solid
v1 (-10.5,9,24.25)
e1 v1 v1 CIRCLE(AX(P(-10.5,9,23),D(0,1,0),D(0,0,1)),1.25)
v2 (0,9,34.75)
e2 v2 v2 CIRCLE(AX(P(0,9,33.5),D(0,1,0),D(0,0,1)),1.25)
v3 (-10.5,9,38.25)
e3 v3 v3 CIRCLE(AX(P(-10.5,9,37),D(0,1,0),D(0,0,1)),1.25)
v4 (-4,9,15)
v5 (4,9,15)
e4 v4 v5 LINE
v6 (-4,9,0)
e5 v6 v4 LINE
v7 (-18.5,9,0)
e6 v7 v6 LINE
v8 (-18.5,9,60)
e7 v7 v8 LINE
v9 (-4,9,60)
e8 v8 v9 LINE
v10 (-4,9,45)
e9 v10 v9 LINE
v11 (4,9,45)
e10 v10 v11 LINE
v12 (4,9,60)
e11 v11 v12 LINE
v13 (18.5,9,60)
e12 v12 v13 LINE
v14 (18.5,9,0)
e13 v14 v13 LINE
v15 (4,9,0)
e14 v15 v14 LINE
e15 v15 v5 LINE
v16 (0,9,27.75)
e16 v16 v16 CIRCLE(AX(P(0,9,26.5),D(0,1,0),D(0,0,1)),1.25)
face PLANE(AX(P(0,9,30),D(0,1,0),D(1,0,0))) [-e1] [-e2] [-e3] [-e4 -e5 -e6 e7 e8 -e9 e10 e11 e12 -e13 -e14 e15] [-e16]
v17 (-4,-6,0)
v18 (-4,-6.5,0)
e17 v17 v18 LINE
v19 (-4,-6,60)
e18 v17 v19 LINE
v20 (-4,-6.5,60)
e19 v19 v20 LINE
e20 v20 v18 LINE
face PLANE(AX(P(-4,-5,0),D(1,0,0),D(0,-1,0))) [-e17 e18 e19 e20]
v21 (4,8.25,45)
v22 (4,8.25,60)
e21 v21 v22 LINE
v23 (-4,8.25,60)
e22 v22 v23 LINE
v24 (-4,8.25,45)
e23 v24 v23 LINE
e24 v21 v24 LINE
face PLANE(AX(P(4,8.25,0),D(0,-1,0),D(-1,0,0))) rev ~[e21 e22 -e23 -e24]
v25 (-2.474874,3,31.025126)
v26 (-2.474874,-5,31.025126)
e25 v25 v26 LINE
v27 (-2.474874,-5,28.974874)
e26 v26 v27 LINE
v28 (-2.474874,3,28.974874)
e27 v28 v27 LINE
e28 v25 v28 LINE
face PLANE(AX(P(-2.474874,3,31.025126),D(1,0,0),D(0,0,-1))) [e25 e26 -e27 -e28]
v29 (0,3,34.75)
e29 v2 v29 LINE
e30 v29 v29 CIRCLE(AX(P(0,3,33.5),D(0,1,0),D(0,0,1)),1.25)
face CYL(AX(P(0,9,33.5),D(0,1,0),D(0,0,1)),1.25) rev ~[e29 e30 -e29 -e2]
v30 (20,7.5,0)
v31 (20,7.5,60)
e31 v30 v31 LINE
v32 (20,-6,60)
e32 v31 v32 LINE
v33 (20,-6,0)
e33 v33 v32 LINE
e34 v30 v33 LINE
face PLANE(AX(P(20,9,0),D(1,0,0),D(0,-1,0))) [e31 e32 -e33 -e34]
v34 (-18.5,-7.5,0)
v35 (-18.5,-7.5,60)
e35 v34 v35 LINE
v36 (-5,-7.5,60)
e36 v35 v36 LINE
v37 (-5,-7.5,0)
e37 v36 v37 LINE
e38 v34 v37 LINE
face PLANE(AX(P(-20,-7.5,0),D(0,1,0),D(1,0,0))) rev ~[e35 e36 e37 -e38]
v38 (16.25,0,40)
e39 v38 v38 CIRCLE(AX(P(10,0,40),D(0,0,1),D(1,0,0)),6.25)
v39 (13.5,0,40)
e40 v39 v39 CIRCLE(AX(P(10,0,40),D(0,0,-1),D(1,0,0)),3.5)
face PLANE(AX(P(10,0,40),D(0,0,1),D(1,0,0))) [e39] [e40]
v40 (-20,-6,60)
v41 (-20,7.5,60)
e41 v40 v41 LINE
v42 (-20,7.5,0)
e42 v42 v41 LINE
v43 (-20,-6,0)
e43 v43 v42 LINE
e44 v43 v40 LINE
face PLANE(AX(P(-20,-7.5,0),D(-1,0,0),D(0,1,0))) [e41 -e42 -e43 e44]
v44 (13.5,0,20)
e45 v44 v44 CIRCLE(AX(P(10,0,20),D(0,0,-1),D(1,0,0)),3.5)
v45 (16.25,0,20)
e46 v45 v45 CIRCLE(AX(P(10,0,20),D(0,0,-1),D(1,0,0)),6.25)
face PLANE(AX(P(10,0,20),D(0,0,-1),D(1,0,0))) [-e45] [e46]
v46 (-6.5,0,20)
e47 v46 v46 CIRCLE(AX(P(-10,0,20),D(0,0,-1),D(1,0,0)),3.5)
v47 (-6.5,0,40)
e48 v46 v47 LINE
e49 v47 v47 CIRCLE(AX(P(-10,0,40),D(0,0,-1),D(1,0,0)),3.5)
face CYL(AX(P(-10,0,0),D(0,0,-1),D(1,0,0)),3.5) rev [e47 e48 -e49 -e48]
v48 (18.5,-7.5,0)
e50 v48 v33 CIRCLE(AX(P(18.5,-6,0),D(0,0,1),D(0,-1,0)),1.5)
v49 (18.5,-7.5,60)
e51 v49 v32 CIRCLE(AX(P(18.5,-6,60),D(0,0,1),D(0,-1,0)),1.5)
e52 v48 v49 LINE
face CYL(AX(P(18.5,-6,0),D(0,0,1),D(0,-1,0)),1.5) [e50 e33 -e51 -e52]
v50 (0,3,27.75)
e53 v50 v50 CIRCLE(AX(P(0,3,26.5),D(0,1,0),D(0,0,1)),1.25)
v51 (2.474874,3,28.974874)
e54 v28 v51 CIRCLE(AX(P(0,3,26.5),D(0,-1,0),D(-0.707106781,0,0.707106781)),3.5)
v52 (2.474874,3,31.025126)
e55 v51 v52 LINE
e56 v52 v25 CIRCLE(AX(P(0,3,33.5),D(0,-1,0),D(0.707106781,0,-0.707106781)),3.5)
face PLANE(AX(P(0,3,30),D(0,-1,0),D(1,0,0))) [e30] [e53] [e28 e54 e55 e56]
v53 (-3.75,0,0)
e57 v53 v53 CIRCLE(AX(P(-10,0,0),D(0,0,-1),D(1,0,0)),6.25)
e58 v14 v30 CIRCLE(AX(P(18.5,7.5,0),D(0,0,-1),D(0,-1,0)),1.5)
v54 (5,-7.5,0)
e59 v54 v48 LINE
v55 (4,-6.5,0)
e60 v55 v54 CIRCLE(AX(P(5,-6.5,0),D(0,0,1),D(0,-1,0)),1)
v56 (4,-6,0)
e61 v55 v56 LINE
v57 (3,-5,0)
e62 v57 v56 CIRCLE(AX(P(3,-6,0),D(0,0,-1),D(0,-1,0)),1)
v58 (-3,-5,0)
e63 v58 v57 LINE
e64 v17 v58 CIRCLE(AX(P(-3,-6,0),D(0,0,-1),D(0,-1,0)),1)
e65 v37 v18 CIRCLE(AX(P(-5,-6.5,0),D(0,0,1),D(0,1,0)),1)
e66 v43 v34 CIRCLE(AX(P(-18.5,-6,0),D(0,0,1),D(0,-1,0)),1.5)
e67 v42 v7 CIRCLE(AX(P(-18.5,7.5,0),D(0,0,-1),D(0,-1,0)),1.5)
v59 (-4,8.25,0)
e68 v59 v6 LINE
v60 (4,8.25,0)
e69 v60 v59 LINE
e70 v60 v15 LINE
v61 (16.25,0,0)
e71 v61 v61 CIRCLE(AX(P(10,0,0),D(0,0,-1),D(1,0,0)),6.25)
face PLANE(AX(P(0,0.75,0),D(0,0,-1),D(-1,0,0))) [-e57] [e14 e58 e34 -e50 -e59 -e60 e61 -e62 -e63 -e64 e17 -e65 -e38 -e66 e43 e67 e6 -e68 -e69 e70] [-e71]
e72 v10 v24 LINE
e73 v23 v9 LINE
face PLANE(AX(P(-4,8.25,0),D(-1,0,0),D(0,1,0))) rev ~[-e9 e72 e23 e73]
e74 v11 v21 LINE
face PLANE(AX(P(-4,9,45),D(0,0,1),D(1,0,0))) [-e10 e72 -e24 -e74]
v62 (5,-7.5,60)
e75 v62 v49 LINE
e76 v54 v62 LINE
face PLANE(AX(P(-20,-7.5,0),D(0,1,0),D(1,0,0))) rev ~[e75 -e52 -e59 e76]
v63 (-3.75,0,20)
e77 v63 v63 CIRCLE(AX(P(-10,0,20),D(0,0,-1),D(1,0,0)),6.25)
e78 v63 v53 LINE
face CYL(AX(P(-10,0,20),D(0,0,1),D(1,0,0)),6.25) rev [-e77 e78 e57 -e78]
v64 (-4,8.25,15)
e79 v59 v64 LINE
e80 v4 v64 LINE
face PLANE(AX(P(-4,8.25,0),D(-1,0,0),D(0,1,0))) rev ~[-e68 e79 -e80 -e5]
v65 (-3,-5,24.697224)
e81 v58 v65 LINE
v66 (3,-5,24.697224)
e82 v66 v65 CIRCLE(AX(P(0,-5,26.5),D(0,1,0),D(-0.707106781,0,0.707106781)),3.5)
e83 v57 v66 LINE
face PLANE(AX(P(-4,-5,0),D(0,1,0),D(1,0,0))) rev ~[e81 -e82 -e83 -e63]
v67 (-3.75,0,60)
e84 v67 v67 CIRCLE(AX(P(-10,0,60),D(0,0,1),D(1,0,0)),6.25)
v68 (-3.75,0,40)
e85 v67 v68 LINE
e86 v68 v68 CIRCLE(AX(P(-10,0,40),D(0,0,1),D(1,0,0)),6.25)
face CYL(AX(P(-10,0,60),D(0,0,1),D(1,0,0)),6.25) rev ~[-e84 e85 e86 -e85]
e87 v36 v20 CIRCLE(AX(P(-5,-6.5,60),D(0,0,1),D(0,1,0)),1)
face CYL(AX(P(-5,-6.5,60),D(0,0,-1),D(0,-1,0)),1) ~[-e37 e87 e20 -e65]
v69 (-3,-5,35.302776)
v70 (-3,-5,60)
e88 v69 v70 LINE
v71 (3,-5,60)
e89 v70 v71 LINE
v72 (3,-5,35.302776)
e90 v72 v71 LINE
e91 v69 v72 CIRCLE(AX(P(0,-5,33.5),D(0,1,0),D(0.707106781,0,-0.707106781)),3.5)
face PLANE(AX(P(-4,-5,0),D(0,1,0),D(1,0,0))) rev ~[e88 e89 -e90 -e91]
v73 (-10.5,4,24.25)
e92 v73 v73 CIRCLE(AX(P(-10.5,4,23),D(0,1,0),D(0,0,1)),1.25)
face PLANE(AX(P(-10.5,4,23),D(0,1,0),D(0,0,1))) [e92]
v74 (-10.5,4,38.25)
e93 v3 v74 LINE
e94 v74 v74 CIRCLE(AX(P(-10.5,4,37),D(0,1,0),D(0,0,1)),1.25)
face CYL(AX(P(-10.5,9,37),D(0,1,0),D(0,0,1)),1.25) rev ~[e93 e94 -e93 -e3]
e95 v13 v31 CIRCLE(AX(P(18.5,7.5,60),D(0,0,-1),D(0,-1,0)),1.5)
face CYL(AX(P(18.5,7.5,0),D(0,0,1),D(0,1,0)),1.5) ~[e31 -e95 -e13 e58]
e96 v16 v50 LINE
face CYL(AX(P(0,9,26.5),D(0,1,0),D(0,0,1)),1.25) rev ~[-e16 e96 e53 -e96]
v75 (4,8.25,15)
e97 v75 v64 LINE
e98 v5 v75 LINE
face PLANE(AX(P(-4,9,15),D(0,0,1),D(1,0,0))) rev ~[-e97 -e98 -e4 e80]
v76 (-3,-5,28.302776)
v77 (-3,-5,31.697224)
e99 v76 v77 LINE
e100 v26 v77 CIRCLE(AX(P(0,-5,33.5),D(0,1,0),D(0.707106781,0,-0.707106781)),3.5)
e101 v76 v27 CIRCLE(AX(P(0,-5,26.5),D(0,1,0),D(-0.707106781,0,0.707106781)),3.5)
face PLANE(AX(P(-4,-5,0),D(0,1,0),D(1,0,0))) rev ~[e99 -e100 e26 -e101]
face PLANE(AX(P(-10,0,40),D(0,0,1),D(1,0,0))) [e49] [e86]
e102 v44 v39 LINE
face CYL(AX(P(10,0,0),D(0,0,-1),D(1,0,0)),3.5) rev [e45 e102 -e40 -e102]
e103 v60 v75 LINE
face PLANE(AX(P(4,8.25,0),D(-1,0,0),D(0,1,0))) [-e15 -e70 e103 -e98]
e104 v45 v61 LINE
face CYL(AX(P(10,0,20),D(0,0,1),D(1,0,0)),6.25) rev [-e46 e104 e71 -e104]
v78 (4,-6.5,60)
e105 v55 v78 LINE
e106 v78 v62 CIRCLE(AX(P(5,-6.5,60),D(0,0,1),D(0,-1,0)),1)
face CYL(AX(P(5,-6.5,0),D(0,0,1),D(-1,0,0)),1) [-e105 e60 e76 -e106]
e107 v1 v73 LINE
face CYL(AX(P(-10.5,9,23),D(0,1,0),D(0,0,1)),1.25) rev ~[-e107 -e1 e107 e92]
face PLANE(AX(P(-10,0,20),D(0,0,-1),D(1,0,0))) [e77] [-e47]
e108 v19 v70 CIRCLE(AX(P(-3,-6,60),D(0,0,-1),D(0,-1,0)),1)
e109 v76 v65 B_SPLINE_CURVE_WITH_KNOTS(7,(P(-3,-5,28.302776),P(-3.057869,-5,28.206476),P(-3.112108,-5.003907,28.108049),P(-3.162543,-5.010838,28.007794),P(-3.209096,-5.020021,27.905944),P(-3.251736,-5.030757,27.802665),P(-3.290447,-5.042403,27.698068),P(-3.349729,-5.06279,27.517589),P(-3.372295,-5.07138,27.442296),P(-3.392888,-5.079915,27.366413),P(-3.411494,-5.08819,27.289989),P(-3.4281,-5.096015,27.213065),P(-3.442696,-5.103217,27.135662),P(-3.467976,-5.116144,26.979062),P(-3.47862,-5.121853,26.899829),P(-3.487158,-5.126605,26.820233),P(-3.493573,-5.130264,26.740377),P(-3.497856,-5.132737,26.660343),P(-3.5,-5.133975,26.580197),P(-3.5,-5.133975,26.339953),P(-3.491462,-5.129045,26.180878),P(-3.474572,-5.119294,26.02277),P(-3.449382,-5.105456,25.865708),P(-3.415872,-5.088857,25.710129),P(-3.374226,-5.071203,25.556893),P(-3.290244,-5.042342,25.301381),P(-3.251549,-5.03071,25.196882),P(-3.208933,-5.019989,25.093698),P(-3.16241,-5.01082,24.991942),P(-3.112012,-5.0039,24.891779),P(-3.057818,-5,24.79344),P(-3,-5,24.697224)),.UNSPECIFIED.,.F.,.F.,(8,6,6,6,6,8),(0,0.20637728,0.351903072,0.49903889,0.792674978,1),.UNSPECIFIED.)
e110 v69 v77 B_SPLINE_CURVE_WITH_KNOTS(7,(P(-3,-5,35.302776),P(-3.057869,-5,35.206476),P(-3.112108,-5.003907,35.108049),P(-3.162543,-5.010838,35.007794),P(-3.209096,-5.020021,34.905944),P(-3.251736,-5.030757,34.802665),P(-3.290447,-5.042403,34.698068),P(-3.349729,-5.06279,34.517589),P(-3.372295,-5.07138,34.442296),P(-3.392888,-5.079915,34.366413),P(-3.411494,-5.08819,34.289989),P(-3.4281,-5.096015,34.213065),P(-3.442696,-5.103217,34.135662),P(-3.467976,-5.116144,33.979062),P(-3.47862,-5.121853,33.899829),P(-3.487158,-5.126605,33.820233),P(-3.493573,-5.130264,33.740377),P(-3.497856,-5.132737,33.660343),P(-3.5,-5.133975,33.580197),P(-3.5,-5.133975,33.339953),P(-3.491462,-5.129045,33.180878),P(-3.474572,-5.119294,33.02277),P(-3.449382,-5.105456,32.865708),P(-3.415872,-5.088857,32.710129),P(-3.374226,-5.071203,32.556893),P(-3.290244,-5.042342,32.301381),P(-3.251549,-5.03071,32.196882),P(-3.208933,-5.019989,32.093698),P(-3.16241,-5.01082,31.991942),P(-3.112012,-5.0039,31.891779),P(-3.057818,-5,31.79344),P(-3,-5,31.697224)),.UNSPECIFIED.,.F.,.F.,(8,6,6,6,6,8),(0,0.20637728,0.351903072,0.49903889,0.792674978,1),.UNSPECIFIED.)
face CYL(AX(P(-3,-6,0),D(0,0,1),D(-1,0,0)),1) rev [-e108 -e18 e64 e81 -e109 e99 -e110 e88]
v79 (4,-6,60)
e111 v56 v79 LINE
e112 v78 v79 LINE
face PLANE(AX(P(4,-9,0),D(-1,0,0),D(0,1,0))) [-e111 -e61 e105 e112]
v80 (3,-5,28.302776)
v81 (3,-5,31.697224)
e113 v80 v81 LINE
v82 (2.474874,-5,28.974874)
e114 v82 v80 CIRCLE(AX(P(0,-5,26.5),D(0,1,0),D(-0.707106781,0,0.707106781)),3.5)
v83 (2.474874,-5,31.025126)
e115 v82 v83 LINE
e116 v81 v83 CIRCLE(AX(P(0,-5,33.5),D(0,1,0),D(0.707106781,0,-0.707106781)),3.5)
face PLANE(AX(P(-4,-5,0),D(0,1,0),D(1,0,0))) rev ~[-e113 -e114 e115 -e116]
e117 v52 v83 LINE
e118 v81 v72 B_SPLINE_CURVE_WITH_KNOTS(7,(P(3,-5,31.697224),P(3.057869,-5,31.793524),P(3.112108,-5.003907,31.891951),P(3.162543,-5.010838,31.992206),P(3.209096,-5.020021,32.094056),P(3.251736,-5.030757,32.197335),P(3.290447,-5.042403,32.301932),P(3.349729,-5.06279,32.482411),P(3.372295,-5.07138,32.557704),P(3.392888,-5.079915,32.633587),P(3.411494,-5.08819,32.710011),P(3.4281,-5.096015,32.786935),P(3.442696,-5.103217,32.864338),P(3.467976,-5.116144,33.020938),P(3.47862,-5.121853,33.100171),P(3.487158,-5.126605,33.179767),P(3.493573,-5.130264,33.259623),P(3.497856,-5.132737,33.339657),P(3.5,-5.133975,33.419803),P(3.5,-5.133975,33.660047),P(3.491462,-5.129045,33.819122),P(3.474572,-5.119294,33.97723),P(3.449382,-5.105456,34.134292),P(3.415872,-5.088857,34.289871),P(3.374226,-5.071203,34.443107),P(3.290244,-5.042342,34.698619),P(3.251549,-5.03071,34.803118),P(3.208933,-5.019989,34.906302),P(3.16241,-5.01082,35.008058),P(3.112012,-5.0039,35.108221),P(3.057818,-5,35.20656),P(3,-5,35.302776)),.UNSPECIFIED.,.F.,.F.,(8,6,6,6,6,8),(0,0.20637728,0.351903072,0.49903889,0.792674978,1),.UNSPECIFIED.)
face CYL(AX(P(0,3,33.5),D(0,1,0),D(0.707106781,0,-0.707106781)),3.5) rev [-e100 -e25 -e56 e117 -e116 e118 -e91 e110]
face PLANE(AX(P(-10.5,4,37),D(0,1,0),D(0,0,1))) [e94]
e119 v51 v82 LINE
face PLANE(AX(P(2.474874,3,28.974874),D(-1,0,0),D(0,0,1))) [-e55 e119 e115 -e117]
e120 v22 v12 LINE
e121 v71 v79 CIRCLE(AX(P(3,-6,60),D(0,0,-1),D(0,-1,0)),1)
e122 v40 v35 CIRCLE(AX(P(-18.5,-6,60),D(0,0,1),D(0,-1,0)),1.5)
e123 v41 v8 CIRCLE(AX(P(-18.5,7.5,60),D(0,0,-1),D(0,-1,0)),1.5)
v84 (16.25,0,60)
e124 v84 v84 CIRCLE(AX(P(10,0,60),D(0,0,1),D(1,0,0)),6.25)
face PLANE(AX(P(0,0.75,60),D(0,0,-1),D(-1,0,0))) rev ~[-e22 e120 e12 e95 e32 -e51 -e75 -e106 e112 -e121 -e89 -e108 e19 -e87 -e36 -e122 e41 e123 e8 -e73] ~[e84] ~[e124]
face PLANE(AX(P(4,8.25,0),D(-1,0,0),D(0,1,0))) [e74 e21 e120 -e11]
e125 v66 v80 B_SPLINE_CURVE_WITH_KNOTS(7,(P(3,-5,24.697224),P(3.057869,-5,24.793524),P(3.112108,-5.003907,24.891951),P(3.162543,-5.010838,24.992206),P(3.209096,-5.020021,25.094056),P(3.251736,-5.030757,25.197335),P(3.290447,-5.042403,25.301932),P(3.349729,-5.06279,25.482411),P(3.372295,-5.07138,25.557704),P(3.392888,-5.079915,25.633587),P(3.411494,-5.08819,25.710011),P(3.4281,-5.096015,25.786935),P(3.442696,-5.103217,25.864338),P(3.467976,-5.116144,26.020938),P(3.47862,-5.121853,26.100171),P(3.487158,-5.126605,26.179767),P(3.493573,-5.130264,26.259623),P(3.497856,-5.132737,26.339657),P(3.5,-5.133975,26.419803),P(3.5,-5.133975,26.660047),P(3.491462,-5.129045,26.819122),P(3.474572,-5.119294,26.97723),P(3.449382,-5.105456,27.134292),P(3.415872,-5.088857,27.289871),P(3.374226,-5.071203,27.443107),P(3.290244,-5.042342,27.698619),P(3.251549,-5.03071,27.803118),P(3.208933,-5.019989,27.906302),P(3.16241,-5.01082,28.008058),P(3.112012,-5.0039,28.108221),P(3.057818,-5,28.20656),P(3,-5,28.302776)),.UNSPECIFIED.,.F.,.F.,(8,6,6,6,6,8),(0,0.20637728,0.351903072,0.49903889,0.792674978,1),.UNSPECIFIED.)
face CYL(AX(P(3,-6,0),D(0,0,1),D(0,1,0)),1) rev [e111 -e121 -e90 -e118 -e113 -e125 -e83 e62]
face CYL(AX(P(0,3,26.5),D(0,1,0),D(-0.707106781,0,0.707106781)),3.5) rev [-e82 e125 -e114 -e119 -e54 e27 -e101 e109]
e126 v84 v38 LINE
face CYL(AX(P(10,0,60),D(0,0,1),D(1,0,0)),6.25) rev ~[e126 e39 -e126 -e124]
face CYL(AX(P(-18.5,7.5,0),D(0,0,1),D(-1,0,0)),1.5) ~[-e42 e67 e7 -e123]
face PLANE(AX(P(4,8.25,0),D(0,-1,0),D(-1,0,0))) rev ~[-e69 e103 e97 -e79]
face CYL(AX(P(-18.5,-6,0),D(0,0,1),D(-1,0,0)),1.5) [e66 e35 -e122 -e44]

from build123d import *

# Parameters (mm, degrees)
SKETCH_1_R               = 3.5
EXTRUDE_1_DEPTH          = 60
FILLET_1_R               = 1.5
SKETCH_2_R               = 6.25
CUT_EXTRUDE_1_DEPTH      = 20
CUT_EXTRUDE_START        = -20
SKETCH_3_R               = 6.25
CUT_EXTRUDE_2_DEPTH      = 20
SKETCH_5_W               = 8
SKETCH_5_H               = 0.75
CUT_EXTRUDE_4_DEPTH      = 62
FILLET_2_R               = 1
SKETCH_7_W               = 8
SKETCH_7_H               = 30
EXTRUDE_2_DEPTH          = 2
SKETCH_6_R               = 1.25
CUT_EXTRUDE_5_DEPTH      = 62
SKETCH_8_R               = 1.25
CUT_EXTRUDE_6_DEPTH      = 5
CUT_EXTRUDE_9_DEPTH      = 5
CUT_EXTRUDE_9_DEPTH_BACK = 8


with BuildPart() as part:
    # 草图1 → 凸台-拉伸1 (new body)
    with BuildSketch(Plane.XY):
        Polygon((-20, -7.5), (-20, 9), (20, 9), (20, -7.5), (0, -7.5), align=None)
        with Locations((-10, 0)):
            Circle(SKETCH_1_R, mode=Mode.SUBTRACT)
        with Locations((10, 0)):
            Circle(SKETCH_1_R, mode=Mode.SUBTRACT)
    extrude(amount=EXTRUDE_1_DEPTH)

    # 圆角1
    fillet_1_edges = [part.edges().sort_by_distance(p)[0] for p in [
        (-20, -7.5, 30),
        (-20, 9, 30),
        (20, 9, 30),
        (20, -7.5, 30),
    ]]
    fillet(fillet_1_edges, radius=FILLET_1_R)

    # 草图2 → 切除-拉伸1 (cut)
    with BuildSketch(Plane.XY.offset(60)):
        with Locations((10, 0)):
            Circle(SKETCH_2_R)
        with Locations((-10, 0)):
            Circle(SKETCH_2_R)
    extrude(amount=-CUT_EXTRUDE_1_DEPTH, mode=Mode.SUBTRACT)

    # 草图3 → 切除-拉伸2 (cut)
    with BuildSketch(Plane(origin=(0, 0, 0), x_dir=(-1, 0, 0), z_dir=(0, 0, -1)).offset(CUT_EXTRUDE_START)):
        with Locations(Location((-10, 0, 0), (0, 0, 180))):
            Circle(SKETCH_3_R)
        with Locations(Location((10, 0, 0), (0, 0, 180))):
            Circle(SKETCH_3_R)
    extrude(amount=CUT_EXTRUDE_2_DEPTH, mode=Mode.SUBTRACT)

    # 草图5 → 切除-拉伸4 (cut)
    with BuildSketch(Plane(origin=(0, 0, 0), x_dir=(-1, 0, 0), z_dir=(0, 0, -1))):
        Polygon((0, -5), (4, -5), (4, -9), (-4, -9), (-4, -5), align=None)
        with Locations((0, 8.625)):
            Rectangle(SKETCH_5_W, SKETCH_5_H)
    extrude(amount=-CUT_EXTRUDE_4_DEPTH, mode=Mode.SUBTRACT)

    # 圆角2
    fillet_2_edges = [part.edges().sort_by_distance(p)[0] for p in [
        (4, -7.5, 30),
        (-4, -7.5, 30),
        (4, -5, 30),
        (-4, -5, 30),
    ]]
    fillet(fillet_2_edges, radius=FILLET_2_R)

    # 草图7 → 凸台-拉伸2 (add)
    with BuildSketch(Plane(origin=(0, 9, 0), x_dir=(1, 0, 0), z_dir=(0, 1, 0))):
        with Locations((0, -30)):
            Rectangle(SKETCH_7_W, SKETCH_7_H)
    extrude(amount=-EXTRUDE_2_DEPTH)

    # 草图6 → 切除-拉伸5 (cut)
    with BuildSketch(Plane(origin=(0, 9, 0), x_dir=(1, 0, 0), z_dir=(0, 1, 0))):
        with Locations(Location((0, -26.5, 0), (0, 0, 270))):
            Circle(SKETCH_6_R)
        with Locations(Location((0, -33.5, 0), (0, 0, 270))):
            Circle(SKETCH_6_R)
    extrude(amount=-CUT_EXTRUDE_5_DEPTH, mode=Mode.SUBTRACT)

    # 草图8 → 切除-拉伸6 (cut)
    with BuildSketch(Plane(origin=(0, 9, 0), x_dir=(1, 0, 0), z_dir=(0, 1, 0))):
        with Locations(Location((-10.5, -23, 0), (0, 0, 270))):
            Circle(SKETCH_8_R)
        with Locations(Location((-10.5, -37, 0), (0, 0, 270))):
            Circle(SKETCH_8_R)
    extrude(amount=-CUT_EXTRUDE_6_DEPTH, mode=Mode.SUBTRACT)

    # 草图9 → 切除-拉伸9 (cut, two sides: drawn at the far end of the back side and taken through both)
    with BuildSketch(Plane.XZ.offset(5).offset(-CUT_EXTRUDE_9_DEPTH_BACK)):
        with BuildLine():
            Line((2.474873734, 28.974873734), (2.474873734, 31.025126266))
            ThreePointArc((2.474873734, 31.025126266), (0, 37), (-2.474873734, 31.025126266))
            Line((-2.474873734, 31.025126266), (-2.474873734, 28.974873734))
            ThreePointArc((-2.474873734, 28.974873734), (0, 23), (2.474873734, 28.974873734))
        make_face()
    extrude(amount=CUT_EXTRUDE_9_DEPTH + CUT_EXTRUDE_9_DEPTH_BACK, mode=Mode.SUBTRACT)


solid = part.part
